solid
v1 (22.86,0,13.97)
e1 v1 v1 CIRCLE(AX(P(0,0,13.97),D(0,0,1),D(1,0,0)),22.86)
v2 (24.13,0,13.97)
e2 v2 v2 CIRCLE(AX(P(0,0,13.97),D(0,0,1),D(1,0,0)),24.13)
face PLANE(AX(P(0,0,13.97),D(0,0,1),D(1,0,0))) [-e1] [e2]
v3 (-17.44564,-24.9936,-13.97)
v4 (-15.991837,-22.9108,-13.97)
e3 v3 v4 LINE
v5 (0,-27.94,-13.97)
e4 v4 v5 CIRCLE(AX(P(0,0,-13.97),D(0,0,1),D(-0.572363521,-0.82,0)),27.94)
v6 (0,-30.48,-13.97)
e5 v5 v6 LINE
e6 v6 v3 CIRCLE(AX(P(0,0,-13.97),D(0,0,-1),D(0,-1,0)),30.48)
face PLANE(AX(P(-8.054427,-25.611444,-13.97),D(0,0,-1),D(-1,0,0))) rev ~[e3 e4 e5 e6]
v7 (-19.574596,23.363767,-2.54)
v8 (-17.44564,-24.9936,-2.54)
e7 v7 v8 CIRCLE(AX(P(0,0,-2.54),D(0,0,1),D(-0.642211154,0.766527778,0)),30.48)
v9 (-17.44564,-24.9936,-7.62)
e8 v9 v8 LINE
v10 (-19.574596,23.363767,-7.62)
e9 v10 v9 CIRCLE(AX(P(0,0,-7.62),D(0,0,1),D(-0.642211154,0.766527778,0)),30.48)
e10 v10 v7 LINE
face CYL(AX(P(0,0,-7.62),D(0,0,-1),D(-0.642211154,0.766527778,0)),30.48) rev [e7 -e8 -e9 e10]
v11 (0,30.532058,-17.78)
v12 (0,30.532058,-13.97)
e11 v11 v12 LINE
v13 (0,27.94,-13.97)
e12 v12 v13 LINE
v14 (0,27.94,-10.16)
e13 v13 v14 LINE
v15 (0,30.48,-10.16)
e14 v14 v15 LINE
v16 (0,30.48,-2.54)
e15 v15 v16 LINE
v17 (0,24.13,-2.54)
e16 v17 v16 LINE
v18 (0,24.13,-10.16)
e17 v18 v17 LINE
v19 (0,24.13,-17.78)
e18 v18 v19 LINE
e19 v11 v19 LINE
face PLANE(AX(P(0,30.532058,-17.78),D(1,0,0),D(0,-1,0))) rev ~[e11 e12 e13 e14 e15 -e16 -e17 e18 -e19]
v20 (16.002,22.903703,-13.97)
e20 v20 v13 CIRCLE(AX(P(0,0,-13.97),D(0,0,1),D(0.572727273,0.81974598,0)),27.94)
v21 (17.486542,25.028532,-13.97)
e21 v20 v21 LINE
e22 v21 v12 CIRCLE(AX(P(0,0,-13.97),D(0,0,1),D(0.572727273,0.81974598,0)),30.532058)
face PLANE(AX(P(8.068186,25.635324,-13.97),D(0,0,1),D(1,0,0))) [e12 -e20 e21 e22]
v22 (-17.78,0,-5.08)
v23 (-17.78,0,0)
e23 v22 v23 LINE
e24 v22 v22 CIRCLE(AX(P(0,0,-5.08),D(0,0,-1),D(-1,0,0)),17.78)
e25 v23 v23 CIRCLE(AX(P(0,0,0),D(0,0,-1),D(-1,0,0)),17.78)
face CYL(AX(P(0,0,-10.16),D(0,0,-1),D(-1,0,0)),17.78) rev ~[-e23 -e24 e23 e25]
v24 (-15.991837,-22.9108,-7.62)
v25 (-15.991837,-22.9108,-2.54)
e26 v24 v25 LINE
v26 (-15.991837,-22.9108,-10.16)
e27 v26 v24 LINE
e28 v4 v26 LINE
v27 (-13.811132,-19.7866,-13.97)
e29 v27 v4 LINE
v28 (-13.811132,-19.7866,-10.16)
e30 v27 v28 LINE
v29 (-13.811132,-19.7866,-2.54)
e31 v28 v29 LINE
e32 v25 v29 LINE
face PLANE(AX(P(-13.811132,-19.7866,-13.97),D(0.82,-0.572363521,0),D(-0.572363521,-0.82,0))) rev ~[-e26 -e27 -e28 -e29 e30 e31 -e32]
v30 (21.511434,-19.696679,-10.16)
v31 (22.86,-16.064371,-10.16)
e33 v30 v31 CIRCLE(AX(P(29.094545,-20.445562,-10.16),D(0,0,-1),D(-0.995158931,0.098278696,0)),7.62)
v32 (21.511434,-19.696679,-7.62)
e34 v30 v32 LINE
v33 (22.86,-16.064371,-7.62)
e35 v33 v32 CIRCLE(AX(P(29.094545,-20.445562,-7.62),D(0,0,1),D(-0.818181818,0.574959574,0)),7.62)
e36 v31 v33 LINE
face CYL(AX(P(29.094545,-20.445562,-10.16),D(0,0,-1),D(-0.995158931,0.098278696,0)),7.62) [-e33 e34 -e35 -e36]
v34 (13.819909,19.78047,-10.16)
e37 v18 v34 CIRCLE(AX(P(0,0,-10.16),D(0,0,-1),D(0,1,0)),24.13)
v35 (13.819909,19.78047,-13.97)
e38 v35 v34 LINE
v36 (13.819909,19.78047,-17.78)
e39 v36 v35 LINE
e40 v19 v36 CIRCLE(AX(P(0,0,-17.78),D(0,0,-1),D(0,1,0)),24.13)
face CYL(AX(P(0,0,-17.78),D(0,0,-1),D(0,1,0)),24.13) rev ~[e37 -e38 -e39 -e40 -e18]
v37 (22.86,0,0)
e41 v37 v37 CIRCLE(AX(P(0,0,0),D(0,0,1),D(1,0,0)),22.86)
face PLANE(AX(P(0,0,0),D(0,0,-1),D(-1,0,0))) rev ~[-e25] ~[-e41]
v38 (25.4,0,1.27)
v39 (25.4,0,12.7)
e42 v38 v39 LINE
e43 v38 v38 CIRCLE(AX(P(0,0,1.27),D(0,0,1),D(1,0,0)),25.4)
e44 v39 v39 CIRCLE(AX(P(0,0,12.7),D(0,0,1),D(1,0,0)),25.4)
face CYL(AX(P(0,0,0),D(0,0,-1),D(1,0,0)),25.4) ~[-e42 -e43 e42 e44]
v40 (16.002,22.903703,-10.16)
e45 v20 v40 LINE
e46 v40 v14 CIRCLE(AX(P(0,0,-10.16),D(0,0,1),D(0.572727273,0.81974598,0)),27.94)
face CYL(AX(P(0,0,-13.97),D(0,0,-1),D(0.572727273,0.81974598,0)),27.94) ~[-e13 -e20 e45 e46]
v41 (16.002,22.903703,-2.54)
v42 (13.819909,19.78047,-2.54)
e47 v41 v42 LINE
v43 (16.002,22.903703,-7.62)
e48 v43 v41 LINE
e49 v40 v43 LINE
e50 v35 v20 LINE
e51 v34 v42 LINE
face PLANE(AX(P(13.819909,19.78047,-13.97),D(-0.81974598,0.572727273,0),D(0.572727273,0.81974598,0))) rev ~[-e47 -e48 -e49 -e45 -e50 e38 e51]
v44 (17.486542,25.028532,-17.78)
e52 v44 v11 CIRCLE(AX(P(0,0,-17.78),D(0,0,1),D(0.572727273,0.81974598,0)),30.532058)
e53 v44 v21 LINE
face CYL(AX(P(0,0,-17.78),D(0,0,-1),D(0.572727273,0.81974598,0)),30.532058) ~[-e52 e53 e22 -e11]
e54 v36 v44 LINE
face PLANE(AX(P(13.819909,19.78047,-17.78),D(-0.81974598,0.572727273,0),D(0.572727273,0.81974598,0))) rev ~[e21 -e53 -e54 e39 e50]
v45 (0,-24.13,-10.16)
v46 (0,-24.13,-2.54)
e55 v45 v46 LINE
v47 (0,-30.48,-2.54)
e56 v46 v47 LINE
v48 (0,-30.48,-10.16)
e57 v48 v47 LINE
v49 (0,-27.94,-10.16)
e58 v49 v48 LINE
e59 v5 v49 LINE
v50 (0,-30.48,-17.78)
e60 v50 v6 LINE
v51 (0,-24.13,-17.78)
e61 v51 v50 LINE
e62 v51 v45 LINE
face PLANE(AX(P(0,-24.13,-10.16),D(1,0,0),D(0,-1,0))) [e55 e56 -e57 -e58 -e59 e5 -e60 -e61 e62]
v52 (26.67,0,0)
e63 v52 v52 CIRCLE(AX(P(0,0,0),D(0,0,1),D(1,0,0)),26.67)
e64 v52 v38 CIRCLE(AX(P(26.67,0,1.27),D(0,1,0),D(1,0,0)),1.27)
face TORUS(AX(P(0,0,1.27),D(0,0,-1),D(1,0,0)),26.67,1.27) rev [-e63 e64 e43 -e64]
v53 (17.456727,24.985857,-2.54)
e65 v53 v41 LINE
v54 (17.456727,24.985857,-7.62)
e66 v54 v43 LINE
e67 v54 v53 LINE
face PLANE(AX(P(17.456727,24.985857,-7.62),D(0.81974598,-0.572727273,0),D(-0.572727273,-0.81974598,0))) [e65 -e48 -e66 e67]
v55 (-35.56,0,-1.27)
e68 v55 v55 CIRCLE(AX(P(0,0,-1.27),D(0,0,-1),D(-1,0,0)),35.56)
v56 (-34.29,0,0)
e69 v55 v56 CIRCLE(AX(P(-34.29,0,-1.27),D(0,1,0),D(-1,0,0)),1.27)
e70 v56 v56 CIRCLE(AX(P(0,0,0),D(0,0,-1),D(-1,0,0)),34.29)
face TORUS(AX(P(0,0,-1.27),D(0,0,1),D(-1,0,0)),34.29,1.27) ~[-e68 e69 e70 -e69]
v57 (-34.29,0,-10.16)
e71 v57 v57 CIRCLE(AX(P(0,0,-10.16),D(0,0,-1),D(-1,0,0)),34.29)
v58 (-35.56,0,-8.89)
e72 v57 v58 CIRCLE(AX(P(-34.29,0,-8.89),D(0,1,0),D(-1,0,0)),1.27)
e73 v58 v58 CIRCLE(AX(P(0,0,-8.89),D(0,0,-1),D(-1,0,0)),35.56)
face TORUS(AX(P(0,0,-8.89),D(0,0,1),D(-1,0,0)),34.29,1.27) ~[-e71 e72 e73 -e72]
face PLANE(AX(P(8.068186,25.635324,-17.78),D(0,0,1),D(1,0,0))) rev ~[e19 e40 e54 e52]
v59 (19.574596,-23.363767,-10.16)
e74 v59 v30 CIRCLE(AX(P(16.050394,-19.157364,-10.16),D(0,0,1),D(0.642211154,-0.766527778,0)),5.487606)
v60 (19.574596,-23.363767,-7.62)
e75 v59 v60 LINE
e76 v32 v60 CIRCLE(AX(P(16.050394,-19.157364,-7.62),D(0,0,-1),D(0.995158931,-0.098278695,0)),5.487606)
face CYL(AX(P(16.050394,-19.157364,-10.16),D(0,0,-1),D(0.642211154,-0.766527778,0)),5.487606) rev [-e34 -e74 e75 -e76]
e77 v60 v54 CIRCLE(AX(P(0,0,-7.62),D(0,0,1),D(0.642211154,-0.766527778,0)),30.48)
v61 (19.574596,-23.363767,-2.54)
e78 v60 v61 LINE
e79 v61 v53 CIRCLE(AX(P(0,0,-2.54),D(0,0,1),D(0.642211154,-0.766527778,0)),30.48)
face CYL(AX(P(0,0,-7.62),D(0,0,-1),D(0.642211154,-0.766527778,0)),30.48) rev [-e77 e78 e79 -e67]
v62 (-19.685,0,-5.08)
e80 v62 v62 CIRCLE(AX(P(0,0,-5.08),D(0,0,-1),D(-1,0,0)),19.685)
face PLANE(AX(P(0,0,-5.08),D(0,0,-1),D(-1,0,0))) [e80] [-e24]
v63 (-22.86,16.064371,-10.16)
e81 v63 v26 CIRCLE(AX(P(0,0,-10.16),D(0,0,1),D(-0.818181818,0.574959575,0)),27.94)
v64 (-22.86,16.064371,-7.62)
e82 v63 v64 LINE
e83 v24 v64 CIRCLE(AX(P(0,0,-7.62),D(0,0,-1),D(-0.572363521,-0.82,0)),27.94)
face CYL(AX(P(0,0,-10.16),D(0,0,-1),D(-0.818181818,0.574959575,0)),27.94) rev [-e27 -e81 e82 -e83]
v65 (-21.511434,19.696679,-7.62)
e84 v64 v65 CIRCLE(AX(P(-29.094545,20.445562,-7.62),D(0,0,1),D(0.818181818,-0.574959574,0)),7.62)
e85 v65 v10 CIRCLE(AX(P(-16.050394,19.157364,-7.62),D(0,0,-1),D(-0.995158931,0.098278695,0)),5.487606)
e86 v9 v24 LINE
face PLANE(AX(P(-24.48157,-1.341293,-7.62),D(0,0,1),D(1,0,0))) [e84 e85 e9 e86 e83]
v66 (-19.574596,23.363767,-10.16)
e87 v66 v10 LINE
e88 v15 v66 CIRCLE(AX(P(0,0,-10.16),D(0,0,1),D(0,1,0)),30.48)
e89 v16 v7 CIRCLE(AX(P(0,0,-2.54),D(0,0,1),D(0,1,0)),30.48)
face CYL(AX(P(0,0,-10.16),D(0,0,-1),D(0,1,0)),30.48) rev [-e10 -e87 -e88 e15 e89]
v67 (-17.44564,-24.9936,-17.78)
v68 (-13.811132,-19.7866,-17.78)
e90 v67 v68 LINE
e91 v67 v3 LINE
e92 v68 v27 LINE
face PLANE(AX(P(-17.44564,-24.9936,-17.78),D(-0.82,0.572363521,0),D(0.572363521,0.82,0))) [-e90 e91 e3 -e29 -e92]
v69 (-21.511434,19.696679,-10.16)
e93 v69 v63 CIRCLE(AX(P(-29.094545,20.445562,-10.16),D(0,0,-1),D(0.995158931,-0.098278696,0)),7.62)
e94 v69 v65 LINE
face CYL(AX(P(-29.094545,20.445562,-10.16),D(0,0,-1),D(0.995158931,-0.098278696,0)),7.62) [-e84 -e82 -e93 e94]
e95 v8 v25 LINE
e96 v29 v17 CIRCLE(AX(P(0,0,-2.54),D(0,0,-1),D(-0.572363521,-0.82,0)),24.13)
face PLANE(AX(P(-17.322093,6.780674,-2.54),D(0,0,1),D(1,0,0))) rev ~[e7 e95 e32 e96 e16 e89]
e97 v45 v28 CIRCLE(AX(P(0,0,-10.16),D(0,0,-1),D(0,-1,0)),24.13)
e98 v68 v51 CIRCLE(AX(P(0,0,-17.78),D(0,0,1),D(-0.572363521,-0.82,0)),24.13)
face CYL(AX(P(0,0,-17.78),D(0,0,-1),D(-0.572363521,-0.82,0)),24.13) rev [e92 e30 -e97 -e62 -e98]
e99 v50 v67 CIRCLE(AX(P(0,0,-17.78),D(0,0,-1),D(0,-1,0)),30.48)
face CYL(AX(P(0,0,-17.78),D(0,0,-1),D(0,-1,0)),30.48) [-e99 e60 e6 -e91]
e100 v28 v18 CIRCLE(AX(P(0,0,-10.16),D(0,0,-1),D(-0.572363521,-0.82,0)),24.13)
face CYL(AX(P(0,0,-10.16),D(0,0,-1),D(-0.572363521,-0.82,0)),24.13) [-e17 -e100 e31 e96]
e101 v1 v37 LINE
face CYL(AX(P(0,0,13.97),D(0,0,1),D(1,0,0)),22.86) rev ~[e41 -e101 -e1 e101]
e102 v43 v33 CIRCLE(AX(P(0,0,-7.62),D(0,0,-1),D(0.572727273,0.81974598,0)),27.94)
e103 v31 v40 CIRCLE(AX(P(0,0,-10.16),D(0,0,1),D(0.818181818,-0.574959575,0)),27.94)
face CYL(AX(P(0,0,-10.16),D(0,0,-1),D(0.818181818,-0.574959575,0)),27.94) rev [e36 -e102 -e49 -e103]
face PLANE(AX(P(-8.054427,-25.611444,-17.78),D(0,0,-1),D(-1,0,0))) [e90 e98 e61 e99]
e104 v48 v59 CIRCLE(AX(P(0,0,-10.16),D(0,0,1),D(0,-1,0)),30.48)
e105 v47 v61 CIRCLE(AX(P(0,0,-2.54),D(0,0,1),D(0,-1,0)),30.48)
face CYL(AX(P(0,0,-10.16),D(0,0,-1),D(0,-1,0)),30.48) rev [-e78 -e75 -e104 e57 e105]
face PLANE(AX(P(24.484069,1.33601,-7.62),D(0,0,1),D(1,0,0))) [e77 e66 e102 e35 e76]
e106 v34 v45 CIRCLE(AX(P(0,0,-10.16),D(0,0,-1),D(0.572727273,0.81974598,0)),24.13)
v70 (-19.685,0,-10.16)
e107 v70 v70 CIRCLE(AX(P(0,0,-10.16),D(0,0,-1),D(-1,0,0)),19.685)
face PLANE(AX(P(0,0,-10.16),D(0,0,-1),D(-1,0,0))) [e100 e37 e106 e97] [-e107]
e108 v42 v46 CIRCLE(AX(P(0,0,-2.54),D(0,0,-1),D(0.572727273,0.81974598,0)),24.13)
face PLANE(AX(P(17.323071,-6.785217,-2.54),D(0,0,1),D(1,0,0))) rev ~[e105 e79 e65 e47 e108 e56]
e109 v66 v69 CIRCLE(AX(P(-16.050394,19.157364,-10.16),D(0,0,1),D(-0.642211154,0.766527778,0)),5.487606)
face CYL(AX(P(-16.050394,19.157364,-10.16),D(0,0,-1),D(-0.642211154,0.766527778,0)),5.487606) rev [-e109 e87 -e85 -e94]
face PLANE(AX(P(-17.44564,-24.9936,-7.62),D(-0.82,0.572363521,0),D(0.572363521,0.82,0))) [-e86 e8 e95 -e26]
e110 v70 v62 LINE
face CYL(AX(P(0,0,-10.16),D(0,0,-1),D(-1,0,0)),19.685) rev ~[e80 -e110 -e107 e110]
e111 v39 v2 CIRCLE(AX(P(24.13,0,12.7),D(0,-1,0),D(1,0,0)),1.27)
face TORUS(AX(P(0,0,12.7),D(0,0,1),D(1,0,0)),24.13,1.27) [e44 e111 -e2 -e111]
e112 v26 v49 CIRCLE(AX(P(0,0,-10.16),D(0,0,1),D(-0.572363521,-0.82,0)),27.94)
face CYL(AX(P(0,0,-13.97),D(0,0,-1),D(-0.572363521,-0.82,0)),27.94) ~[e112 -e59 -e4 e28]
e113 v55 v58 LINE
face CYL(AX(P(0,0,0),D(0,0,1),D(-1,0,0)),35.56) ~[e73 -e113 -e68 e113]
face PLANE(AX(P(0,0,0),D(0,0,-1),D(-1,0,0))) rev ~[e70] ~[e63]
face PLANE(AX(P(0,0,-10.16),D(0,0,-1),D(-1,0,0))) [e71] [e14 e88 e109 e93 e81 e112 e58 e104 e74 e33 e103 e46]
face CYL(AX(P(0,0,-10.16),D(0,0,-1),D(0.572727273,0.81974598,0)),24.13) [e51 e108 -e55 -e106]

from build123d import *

# Parameters (mm, degrees)
SKETCH1_R           = 25.4
BOSS_EXTRUDE1_DEPTH = 13.97
SKETCH2_R           = 22.86
CUT_EXTRUDE1_DEPTH  = 25.4
SKETCH3_R           = 35.56
BOSS_EXTRUDE2_DEPTH = 10.16
SKETCH4_R           = 17.78
CUT_EXTRUDE2_DEPTH  = 10.16
CUT_EXTRUDE3_DEPTH  = 7.62
CUT_EXTRUDE4_DEPTH  = 5.08
BOSS_EXTRUDE3_START = 3.81
BOSS_EXTRUDE3_DEPTH = 3.81
BOSS_EXTRUDE4_START = 3.81
BOSS_EXTRUDE4_DEPTH = 3.81
FILLET1_R           = 1.27
FILLET2_R           = 1.27
BOSS_EXTRUDE5_START = 3.81
BOSS_EXTRUDE5_DEPTH = 3.81
BOSS_EXTRUDE6_START = 3.81
BOSS_EXTRUDE6_DEPTH = 3.81
SKETCH12_R          = 19.685
SKETCH12_R_2        = 15.494
CUT_EXTRUDE5_DEPTH  = 5.08
CUT_EXTRUDE6_DEPTH  = 7.62
CUT_EXTRUDE7_DEPTH  = 5.08


with BuildPart() as part:
    # Sketch1 → Boss-Extrude1 (new body)
    with BuildSketch(Plane.XY):
        Circle(SKETCH1_R)
    extrude(amount=BOSS_EXTRUDE1_DEPTH)

    # Sketch2 → Cut-Extrude1 (cut)
    with BuildSketch(Plane.XY.offset(13.97)):
        Circle(SKETCH2_R)
    extrude(amount=-CUT_EXTRUDE1_DEPTH, mode=Mode.SUBTRACT)

    # Sketch3 → Boss-Extrude2 (add)
    with BuildSketch(Plane(origin=(0, 0, 0), x_dir=(-1, 0, 0), z_dir=(0, 0, -1))):
        Circle(SKETCH3_R)
    extrude(amount=BOSS_EXTRUDE2_DEPTH)

    # Sketch4 → Cut-Extrude2 (cut)
    with BuildSketch(Plane(origin=(0, 0, -10.16), x_dir=(-1, 0, 0), z_dir=(0, 0, -1))):
        Circle(SKETCH4_R)
    extrude(amount=-CUT_EXTRUDE2_DEPTH, mode=Mode.SUBTRACT)

    # Sketch5 → Cut-Extrude3 (cut)
    with BuildSketch(Plane(origin=(0, 0, -10.16), x_dir=(-1, 0, 0), z_dir=(0, 0, -1))):
        with BuildLine():
            Line((0, 24.13), (0, 30.48))
            ThreePointArc((0, 30.48), (10.414, 28.645750191), (19.574595964, 23.363766667))
            ThreePointArc((19.574595964, 23.363766667), (20.902767484, 21.720232391), (21.5114344, 19.696678812))
            ThreePointArc((21.5114344, 19.696678812), (21.950994255, 17.793379172), (22.86, 16.064370514))
            ThreePointArc((22.86, 16.064370514), (27.516036857, -4.848846843), (15.991836773, -22.9108))
            Line((15.991836773, -22.9108), (13.811131758, -19.7866))
            ThreePointArc((13.811131758, -19.7866), (23.01855293, 7.239), (0, 24.13))
        make_face()
    extrude(amount=-CUT_EXTRUDE3_DEPTH, mode=Mode.SUBTRACT)

    # Sketch7 → Cut-Extrude4 (cut)
    with BuildSketch(Plane(origin=(0, 0, -7.62), x_dir=(-1, 0, 0), z_dir=(0, 0, -1))):
        with BuildLine():
            Line((17.445640116, -24.9936), (15.991836773, -22.9108))
            ThreePointArc((15.991836773, -22.9108), (27.516036857, -4.848846843), (22.86, 16.064370514))
            ThreePointArc((22.86, 16.064370514), (21.950994255, 17.793379172), (21.5114344, 19.696678812))
            ThreePointArc((21.5114344, 19.696678812), (20.902767484, 21.720232391), (19.574595964, 23.363766667))
            ThreePointArc((19.574595964, 23.363766667), (30.450504061, -1.340597786), (17.445640116, -24.9936))
        make_face()
    extrude(amount=-CUT_EXTRUDE4_DEPTH, mode=Mode.SUBTRACT)

    # Sketch8 → Boss-Extrude3 (add)
    with BuildSketch(Plane(origin=(0, 0, -10.16), x_dir=(-1, 0, 0), z_dir=(0, 0, -1)).offset(BOSS_EXTRUDE3_START)):
        with BuildLine():
            Line((0, -27.94), (0, -24.13))
            ThreePointArc((0, -24.13), (7.239, -23.01855293), (13.811131758, -19.7866))
            Line((13.811131758, -19.7866), (15.991836773, -22.9108))
            ThreePointArc((15.991836773, -22.9108), (8.382, -26.653061288), (0, -27.94))
        make_face()
    extrude(amount=-BOSS_EXTRUDE3_DEPTH)

    # Sketch9 → Boss-Extrude4 (add)
    with BuildSketch(Plane(origin=(0, 0, -13.97), x_dir=(-1, 0, 0), z_dir=(0, 0, -1)).offset(BOSS_EXTRUDE4_START)):
        with BuildLine():
            Line((0, -24.13), (0, -30.48))
            ThreePointArc((0, -30.48), (9.144, -29.076066859), (17.445640116, -24.9936))
            Line((17.445640116, -24.9936), (13.811131758, -19.7866))
            ThreePointArc((13.811131758, -19.7866), (7.239, -23.01855293), (0, -24.13))
        make_face()
    extrude(amount=-BOSS_EXTRUDE4_DEPTH)

    # Fillet1
    fillet1_edges = [part.edges().sort_by_distance(p)[0] for p in [
        (35.56, 0, -10.16),
    ]]
    fillet(fillet1_edges, radius=FILLET1_R)

    # Fillet2
    fillet2_edges = [part.edges().sort_by_distance(p)[0] for p in [
        (-25.4, 0, 0),
        (35.56, 0, 0),
        (-25.4, 0, 13.97),
    ]]
    fillet(fillet2_edges, radius=FILLET2_R)

    # Sketch10 → Boss-Extrude5 (add)
    with BuildSketch(Plane(origin=(0, 0, -10.16), x_dir=(-1, 0, 0), z_dir=(0, 0, -1)).offset(BOSS_EXTRUDE5_START)):
        with BuildLine():
            Line((-13.819909091, 19.780470488), (-16.002, 22.90370267))
            ThreePointArc((-16.002, 22.90370267), (-8.387912356, 26.651201217), (0, 27.94))
            Line((0, 27.94), (0, 24.13))
            ThreePointArc((0, 24.13), (-7.244106126, 23.016946505), (-13.819909091, 19.780470488))
        make_face()
    extrude(amount=-BOSS_EXTRUDE5_DEPTH)

    # Sketch11 → Boss-Extrude6 (add)
    with BuildSketch(Plane(origin=(0, 0, -13.97), x_dir=(-1, 0, 0), z_dir=(0, 0, -1)).offset(BOSS_EXTRUDE6_START)):
        with BuildLine():
            Line((-13.819909091, 19.780470488), (-17.486542269, 25.028531737))
            ThreePointArc((-17.486542269, 25.028531737), (-9.166078238, 29.123694325), (0, 30.53205793))
            Line((0, 30.53205793), (0, 24.13))
            ThreePointArc((0, 24.13), (-7.244106126, 23.016946505), (-13.819909091, 19.780470488))
        make_face()
    extrude(amount=-BOSS_EXTRUDE6_DEPTH)

    # Sketch12 → Cut-Extrude5 (cut)
    with BuildSketch(Plane(origin=(0, 0, -10.16), x_dir=(-1, 0, 0), z_dir=(0, 0, -1))):
        Circle(SKETCH12_R)
        Circle(SKETCH12_R_2, mode=Mode.SUBTRACT)
    extrude(amount=-CUT_EXTRUDE5_DEPTH, mode=Mode.SUBTRACT)

    # Sketch13 → Cut-Extrude6 (cut)
    with BuildSketch(Plane(origin=(0, 0, -10.16), x_dir=(-1, 0, 0), z_dir=(0, 0, -1))):
        with BuildLine():
            Line((-16.002, 22.90370267), (-13.819909091, 19.780470488))
            ThreePointArc((-13.819909091, 19.780470488), (-23.016946505, -7.244106126), (0, -24.13))
            Line((0, -24.13), (0, -30.48))
            ThreePointArc((0, -30.48), (-10.414, -28.645750191), (-19.574595964, -23.363766667))
            ThreePointArc((-19.574595964, -23.363766667), (-20.902767484, -21.720232391), (-21.5114344, -19.696678812))
            ThreePointArc((-21.5114344, -19.696678812), (-21.950994255, -17.793379172), (-22.86, -16.064370514))
            ThreePointArc((-22.86, -16.064370514), (-27.51711182, 4.842742724), (-16.002, 22.90370267))
        make_face()
    extrude(amount=-CUT_EXTRUDE6_DEPTH, mode=Mode.SUBTRACT)

    # Sketch15 → Cut-Extrude7 (cut)
    with BuildSketch(Plane(origin=(0, 0, -7.62), x_dir=(-1, 0, 0), z_dir=(0, 0, -1))):
        with BuildLine():
            Line((-17.456727273, 24.985857458), (-16.002, 22.90370267))
            ThreePointArc((-16.002, 22.90370267), (-27.51711182, 4.842742724), (-22.86, -16.064370514))
            ThreePointArc((-22.86, -16.064370514), (-21.950994255, -17.793379172), (-21.5114344, -19.696678812))
            ThreePointArc((-21.5114344, -19.696678812), (-20.902767484, -21.720232391), (-19.574595964, -23.363766667))
            ThreePointArc((-19.574595964, -23.363766667), (-30.450800702, 1.333842788), (-17.456727273, 24.985857458))
        make_face()
    extrude(amount=-CUT_EXTRUDE7_DEPTH, mode=Mode.SUBTRACT)


solid = part.part
